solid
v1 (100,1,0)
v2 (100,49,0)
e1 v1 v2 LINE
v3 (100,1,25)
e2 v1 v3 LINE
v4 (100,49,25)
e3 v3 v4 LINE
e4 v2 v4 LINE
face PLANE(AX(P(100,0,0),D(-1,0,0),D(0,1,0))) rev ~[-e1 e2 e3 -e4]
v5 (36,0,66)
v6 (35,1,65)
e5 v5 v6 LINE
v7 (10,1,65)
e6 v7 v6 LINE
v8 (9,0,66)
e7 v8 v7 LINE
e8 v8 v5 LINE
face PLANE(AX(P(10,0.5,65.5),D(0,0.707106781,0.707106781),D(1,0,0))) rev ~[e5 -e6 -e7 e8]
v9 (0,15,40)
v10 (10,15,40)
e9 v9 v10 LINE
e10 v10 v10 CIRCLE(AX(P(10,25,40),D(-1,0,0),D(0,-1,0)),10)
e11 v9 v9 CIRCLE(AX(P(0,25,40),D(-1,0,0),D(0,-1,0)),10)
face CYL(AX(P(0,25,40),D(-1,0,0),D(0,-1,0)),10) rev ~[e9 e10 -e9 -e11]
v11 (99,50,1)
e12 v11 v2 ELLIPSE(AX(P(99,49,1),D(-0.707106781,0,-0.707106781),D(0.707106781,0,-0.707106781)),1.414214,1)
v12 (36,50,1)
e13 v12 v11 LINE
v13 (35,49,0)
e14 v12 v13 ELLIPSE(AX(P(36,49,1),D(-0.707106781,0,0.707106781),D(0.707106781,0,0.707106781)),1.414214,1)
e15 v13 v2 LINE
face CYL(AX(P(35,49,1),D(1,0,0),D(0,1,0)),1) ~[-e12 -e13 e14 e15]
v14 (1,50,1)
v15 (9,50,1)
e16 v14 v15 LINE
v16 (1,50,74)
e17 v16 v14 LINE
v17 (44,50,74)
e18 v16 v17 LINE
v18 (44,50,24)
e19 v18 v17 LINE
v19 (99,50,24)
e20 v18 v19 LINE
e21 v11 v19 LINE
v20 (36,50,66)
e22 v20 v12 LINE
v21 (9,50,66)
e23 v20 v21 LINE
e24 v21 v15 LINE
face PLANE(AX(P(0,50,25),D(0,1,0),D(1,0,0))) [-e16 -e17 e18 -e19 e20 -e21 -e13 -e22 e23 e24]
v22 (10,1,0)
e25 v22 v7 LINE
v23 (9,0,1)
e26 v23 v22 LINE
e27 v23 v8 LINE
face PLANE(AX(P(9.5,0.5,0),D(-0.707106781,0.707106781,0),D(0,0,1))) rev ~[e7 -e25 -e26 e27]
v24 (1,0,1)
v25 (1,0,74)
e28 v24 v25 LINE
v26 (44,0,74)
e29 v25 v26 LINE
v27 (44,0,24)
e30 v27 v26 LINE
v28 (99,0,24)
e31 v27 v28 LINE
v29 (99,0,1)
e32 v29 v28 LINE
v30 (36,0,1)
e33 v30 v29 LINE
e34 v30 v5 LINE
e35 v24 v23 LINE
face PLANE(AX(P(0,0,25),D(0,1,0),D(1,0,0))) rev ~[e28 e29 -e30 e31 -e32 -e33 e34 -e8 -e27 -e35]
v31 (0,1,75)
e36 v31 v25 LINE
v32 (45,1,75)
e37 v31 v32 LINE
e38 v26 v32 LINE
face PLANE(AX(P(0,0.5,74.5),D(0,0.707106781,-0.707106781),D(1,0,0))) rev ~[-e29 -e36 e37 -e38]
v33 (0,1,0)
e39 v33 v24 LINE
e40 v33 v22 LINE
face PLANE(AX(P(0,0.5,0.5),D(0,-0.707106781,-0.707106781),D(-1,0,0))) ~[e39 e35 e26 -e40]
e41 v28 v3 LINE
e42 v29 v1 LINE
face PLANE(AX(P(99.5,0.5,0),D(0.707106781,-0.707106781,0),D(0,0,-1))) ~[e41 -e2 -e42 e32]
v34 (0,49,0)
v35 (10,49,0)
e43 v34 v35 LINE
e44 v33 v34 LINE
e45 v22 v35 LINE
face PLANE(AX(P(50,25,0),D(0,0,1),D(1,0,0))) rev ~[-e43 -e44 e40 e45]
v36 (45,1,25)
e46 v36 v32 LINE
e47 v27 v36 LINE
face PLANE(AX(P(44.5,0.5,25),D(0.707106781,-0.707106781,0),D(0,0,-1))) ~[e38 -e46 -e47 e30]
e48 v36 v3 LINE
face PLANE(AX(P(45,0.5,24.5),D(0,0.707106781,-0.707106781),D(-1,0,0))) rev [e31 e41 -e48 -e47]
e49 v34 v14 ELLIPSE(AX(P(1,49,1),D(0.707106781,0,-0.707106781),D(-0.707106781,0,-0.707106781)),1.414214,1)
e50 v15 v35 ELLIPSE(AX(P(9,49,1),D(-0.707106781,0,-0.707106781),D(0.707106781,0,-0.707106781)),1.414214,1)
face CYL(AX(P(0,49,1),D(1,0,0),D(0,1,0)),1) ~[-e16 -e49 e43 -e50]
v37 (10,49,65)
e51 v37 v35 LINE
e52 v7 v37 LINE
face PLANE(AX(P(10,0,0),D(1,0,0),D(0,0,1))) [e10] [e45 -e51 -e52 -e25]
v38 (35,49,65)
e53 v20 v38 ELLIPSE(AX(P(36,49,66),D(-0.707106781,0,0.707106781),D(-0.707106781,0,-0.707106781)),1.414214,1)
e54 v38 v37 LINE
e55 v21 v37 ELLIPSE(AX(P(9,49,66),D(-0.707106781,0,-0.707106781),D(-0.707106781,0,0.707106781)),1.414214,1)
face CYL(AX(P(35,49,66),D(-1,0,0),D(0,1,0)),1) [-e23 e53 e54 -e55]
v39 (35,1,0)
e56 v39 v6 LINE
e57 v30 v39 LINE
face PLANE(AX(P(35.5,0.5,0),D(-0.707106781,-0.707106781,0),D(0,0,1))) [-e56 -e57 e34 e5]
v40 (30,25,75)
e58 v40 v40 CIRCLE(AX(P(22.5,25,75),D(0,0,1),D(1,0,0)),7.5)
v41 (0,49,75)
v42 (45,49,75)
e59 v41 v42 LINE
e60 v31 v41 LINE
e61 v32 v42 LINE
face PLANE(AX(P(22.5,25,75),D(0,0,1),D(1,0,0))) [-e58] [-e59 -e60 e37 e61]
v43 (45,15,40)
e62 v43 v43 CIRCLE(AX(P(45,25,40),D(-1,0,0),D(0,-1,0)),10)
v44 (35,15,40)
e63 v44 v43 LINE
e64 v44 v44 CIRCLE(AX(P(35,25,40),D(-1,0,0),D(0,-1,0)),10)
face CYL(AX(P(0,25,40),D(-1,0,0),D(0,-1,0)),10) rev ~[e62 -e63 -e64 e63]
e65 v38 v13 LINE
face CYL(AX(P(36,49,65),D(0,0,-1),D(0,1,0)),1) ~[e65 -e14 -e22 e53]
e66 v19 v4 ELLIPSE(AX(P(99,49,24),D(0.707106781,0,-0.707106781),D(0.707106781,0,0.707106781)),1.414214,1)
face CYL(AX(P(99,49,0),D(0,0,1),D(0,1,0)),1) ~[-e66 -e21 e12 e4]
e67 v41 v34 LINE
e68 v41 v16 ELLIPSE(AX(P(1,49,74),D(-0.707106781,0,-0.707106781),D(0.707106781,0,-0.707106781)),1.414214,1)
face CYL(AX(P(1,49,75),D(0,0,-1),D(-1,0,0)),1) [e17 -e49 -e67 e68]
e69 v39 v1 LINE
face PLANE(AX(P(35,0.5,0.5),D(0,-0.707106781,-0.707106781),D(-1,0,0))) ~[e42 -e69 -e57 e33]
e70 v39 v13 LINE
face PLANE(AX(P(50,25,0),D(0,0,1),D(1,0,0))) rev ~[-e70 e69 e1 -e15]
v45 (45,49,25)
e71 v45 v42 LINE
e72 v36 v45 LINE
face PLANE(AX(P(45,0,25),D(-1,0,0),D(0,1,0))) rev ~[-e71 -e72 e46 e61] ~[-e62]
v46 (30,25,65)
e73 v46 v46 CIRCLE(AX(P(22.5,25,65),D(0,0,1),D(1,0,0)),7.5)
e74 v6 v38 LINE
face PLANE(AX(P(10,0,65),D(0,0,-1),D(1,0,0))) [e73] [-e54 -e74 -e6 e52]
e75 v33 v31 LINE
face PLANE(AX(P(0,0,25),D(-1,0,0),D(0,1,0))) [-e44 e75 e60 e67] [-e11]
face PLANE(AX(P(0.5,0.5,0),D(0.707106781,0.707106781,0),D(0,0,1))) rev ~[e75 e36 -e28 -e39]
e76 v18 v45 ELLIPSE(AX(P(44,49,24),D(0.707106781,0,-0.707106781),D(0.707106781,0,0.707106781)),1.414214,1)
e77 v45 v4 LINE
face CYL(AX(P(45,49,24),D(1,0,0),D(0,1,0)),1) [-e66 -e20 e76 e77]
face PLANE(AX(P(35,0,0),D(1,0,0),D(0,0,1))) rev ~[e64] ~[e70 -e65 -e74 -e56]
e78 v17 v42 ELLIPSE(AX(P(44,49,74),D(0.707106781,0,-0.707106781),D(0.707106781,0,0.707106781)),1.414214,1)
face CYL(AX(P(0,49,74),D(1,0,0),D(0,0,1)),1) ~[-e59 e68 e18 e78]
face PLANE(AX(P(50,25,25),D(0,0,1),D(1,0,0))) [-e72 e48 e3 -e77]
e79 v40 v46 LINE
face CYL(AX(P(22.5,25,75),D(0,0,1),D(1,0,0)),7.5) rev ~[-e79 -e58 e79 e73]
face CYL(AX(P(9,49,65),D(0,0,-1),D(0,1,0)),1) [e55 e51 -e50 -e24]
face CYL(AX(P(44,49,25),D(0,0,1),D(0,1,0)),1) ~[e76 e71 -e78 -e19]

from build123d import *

# Parameters (mm, degrees)
F0_W     = 100
F0_H     = 50
F1_DEPTH = 25
F2_W     = 45
F2_H     = 50
F3_DEPTH = 50
F4_W     = 25
F4_H     = 65
F5_DEPTH = 50.001
F6_R     = 10
F7_DEPTH = 100.001
F8_R     = 7.5
F9_DEPTH = 10
F10_SIZE = 1
F11_R    = 1


with BuildPart() as f1:
    # F0 (on Top) → F1 (new body)
    with BuildSketch(Plane.XY):
        with Locations((50, 25)):
            Rectangle(F0_W, F0_H)
    extrude(amount=F1_DEPTH)

    # F2 (on face) → F3 (join)
    with BuildSketch(Plane.XY.offset(25)):
        with Locations((22.5, 25)):
            Rectangle(F2_W, F2_H)
    extrude(amount=F3_DEPTH)

    # F4 (on face) → F5 (cut, through all)
    with BuildSketch(Plane.XZ):
        with Locations((22.5, 32.5)):
            Rectangle(F4_W, F4_H)
    extrude(amount=-F5_DEPTH, mode=Mode.SUBTRACT)

    # F6 (on face) → F7 (cut, through all)
    with BuildSketch(Plane(origin=(0, 0, 0), x_dir=(0, -1, 0), z_dir=(-1, 0, 0))):
        with Locations((-25, 40)):
            Circle(F6_R)
    extrude(amount=-F7_DEPTH, mode=Mode.SUBTRACT)

    # F8 (on face) → F9 (cut, through all)
    with BuildSketch(Plane.XY.offset(75)):
        with Locations((22.5, 25)):
            Circle(F8_R)
    extrude(amount=-F9_DEPTH, mode=Mode.SUBTRACT)

    # F10
    f10_edges = [f1.edges().sort_by_distance(p)[0] for p in [
        (0, 0, 37.5),
        (35, 0, 32.5),
        (22.5, 0, 65),
        (5, 0, 0),
        (10, 0, 32.5),
        (67.5, 0, 0),
        (100, 0, 12.5),
        (72.5, 0, 25),
        (45, 0, 50),
        (22.5, 0, 75),
    ]]
    chamfer(f10_edges, length=F10_SIZE)

    # F11
    f11_edges = [f1.edges().sort_by_distance(p)[0] for p in [
        (72.5, 50, 25),
        (45, 50, 50),
        (22.5, 50, 75),
        (0, 50, 37.5),
        (67.5, 50, 0),
        (35, 50, 32.5),
        (22.5, 50, 65),
        (10, 50, 32.5),
        (5, 50, 0),
        (100, 50, 12.5),
    ]]
    fillet(f11_edges, radius=F11_R)


solid = f1.part
